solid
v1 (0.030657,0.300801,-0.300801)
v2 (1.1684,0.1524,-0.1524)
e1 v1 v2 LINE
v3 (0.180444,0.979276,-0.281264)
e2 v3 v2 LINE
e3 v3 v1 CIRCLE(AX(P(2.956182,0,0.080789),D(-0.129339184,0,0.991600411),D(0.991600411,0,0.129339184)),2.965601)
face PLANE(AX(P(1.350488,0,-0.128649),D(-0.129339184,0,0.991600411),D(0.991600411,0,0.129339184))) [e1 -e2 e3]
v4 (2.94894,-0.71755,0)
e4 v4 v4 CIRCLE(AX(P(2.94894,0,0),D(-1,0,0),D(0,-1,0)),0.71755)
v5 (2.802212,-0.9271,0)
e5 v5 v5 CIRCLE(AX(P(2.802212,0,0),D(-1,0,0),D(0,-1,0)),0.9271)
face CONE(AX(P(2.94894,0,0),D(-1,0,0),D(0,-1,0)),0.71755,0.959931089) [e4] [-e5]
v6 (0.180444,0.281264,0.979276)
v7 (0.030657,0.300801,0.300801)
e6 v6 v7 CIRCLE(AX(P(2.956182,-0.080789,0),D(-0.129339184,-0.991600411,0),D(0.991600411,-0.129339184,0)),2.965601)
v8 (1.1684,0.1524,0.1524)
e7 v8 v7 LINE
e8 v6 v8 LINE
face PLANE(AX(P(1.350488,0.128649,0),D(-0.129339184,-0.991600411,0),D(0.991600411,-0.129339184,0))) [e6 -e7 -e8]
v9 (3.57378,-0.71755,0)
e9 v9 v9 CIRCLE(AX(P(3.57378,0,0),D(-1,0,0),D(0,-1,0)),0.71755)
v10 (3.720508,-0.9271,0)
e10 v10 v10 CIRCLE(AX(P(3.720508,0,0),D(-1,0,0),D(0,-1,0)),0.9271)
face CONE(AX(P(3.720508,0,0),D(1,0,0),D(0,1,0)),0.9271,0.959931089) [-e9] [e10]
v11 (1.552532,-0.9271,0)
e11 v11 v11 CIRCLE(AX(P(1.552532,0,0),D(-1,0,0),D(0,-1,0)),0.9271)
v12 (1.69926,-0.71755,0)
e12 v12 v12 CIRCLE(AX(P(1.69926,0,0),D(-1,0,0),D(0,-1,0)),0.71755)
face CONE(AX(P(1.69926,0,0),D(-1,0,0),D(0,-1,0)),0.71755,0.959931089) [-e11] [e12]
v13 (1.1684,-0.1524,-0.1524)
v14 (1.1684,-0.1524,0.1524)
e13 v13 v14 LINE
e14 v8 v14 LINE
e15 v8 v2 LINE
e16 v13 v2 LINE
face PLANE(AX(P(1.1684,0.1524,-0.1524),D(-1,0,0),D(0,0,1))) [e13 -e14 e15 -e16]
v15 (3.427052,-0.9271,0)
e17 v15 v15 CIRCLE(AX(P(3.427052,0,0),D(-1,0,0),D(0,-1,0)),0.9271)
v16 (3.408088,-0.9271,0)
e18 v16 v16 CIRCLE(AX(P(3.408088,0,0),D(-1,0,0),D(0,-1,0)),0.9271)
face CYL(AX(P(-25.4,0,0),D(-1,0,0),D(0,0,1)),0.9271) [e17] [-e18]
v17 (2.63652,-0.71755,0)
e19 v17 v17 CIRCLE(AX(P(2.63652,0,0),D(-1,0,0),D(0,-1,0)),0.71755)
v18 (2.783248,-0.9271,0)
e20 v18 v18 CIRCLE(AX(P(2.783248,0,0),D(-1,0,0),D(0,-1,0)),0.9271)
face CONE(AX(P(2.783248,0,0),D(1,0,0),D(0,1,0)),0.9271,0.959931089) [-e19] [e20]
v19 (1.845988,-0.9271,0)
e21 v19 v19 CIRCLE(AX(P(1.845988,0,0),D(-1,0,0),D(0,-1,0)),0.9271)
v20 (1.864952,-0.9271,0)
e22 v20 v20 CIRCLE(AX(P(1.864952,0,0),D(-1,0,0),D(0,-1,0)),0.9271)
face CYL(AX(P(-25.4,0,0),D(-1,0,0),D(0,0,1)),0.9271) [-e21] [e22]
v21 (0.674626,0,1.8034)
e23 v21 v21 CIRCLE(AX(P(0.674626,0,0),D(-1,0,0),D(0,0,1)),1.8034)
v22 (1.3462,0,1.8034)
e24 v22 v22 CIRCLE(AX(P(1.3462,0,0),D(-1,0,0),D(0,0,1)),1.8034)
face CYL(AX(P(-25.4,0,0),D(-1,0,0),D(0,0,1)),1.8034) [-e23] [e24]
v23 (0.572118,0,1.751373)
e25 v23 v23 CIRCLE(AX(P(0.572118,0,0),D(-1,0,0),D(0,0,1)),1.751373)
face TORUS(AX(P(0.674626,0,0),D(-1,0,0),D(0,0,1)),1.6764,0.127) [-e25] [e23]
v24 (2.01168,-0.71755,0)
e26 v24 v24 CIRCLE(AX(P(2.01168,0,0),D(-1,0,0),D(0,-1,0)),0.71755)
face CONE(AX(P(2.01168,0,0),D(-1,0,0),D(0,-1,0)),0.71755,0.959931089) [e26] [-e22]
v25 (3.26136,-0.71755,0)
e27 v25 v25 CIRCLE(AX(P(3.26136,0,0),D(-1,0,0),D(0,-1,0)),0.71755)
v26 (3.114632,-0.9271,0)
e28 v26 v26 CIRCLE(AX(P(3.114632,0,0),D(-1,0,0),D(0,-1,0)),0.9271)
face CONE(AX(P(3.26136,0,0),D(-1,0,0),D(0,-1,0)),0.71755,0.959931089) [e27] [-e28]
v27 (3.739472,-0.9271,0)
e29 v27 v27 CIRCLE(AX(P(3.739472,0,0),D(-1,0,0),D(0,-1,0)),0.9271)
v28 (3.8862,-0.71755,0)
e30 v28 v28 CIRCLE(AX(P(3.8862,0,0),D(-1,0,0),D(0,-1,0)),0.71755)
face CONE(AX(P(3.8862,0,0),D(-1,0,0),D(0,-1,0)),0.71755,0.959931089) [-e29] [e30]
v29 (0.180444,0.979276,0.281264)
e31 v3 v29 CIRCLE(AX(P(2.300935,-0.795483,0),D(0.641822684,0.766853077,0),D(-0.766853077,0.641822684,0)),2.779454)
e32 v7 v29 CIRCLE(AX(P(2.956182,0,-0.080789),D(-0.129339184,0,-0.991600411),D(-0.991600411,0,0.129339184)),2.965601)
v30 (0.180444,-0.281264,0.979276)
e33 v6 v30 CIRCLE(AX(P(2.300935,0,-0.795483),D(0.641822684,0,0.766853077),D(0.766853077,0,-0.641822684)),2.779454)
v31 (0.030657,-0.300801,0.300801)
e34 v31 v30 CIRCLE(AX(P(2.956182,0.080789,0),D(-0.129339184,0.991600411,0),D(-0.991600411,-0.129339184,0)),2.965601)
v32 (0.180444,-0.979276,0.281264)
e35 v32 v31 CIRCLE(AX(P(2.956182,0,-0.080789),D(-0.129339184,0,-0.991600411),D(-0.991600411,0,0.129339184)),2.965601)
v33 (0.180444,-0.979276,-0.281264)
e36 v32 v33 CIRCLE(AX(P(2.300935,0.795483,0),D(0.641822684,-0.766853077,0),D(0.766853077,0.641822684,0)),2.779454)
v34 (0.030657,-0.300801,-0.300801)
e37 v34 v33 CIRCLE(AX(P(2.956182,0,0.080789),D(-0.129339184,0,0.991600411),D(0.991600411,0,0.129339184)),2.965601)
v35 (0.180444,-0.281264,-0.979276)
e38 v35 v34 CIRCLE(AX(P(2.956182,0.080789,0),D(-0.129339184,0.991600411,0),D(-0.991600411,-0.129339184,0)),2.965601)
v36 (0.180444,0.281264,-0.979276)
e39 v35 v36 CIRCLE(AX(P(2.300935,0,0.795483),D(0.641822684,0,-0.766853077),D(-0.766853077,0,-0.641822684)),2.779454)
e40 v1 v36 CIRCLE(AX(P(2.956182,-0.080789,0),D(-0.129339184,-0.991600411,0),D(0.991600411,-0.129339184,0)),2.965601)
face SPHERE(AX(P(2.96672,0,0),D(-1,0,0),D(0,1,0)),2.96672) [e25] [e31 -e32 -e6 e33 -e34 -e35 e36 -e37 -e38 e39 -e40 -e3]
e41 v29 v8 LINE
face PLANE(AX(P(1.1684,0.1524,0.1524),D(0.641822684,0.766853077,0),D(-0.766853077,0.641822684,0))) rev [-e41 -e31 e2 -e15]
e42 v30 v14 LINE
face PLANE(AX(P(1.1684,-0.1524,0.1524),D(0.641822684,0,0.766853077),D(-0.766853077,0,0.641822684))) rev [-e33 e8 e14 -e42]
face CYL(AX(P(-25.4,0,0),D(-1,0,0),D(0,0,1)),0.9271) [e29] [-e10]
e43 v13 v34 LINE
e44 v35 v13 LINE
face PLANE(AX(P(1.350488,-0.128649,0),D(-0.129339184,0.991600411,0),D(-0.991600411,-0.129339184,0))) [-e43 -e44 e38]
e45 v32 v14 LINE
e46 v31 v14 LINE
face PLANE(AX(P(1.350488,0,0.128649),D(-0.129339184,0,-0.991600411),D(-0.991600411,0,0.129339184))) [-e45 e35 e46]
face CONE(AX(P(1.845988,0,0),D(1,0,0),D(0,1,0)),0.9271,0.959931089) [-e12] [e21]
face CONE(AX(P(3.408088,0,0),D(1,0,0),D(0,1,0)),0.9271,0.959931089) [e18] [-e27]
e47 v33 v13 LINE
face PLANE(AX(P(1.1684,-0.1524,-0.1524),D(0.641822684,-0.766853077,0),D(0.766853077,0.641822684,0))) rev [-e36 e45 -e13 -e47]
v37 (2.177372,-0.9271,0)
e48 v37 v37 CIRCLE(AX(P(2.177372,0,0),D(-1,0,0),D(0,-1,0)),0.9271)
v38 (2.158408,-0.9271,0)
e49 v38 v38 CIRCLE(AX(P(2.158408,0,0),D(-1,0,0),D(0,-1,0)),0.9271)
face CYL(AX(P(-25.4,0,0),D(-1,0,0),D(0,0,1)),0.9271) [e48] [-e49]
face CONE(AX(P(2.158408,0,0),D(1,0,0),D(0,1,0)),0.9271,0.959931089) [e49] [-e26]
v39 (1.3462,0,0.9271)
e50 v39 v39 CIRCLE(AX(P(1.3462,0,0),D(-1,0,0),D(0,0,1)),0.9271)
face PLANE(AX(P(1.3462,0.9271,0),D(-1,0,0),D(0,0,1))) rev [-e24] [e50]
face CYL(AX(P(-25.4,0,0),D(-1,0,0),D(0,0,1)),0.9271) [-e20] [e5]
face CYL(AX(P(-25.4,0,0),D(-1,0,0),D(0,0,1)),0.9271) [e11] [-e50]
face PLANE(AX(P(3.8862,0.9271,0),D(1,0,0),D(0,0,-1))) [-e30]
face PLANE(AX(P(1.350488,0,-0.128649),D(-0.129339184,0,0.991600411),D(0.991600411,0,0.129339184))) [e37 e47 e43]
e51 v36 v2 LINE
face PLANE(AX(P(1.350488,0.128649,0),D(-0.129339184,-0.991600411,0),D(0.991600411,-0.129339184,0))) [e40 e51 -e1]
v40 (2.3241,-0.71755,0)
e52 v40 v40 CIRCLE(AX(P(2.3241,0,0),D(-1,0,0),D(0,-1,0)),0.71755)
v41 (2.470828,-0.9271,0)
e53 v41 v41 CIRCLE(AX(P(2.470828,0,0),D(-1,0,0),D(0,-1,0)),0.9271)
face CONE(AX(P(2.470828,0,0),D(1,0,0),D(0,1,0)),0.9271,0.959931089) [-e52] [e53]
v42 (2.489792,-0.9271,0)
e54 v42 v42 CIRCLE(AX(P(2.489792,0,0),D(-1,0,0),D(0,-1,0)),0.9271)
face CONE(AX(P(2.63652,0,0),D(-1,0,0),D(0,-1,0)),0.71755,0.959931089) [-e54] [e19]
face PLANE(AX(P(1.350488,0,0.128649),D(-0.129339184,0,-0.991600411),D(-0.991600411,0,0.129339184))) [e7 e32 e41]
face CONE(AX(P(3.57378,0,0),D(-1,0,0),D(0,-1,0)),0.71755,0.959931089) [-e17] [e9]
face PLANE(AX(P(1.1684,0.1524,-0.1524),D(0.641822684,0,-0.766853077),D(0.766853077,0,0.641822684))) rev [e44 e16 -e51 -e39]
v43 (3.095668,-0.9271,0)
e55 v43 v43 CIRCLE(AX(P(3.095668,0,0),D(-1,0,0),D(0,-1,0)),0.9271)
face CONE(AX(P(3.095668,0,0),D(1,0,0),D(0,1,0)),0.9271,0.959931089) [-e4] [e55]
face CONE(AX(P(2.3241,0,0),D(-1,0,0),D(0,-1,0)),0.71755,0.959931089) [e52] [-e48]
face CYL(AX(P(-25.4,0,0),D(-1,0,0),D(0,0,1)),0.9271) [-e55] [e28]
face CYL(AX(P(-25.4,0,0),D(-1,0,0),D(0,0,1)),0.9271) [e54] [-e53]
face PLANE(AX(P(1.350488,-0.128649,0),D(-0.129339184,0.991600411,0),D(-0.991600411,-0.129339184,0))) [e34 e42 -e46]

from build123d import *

# Parameters (mm, degrees)
CIRPATTERN1_COUNT = 2
CIRPATTERN1_ANGLE = 90
THDSCHPAT_COUNT   = 8
THDSCHPAT_PITCH   = 0.31242


with BuildPart() as part:
    # BodySke → Base-Revolve (revolve)
    with BuildSketch(Plane.XY, mode=Mode.PRIVATE) as base_revolve_sk:
        with BuildLine():
            Line((1.3462, 0.9271), (1.3462, 1.8034))
            Line((1.3462, 1.8034), (0.674626477, 1.8034))
            ThreePointArc((0.674626477, 1.8034), (0.617148621, 1.789648824), (0.572117822, 1.751373166))
            ThreePointArc((0.572117822, 1.751373166), (0.146654244, 0.921225647), (0, 0))
            Line((0, 0), (3.8862, 0))
            Line((3.8862, 0), (3.8862, 0.9271))
            Line((3.8862, 0.9271), (1.3462, 0.9271))
        make_face()
    revolve(base_revolve_sk.sketch.rotate(Axis((-25.4, 0, 0), (1, 0, 0)), 90), axis=Axis((-25.4, 0, 0), (1, 0, 0)))

    # Sketch3 → Cut-Loft1 section 0
    with BuildSketch(Plane(origin=(0, 0, 0), x_dir=(0, 0, -1), z_dir=(1, 0, 0))):
        with BuildLine():
            Line((0.3048, -1.1303), (-0.3048, -1.1303))
            Line((-0.3048, -1.1303), (-0.3048, 1.1303))
            Line((-0.3048, 1.1303), (0.3048, 1.1303))
            Line((0.3048, 1.1303), (0.3048, -1.1303))
        make_face()
    # Sketch4 → Cut-Loft1 section 1
    with BuildSketch(Plane(origin=(1.1684, 0, 0), x_dir=(0, 0, -1), z_dir=(1, 0, 0))):
        with BuildLine():
            Line((0.1524, -0.1524), (-0.1524, -0.1524))
            Line((-0.1524, -0.1524), (-0.1524, 0.1524))
            Line((-0.1524, 0.1524), (0.1524, 0.1524))
            Line((0.1524, 0.1524), (0.1524, -0.1524))
        make_face()
    cut_loft1 = loft(mode=Mode.SUBTRACT)

    # CirPattern1: Cut-Loft1 ×2 about axis
    cirpattern1_axis = Axis((0, 0, 0), (1, 0, 0))
    for i in range(1, CIRPATTERN1_COUNT):
        add(cut_loft1.rotate(cirpattern1_axis, i * CIRPATTERN1_ANGLE / (CIRPATTERN1_COUNT - 1)), mode=Mode.SUBTRACT)

    # ThdSchSke → ThreadSchematic (revolve, cut)
    with BuildSketch(Plane.XY, mode=Mode.PRIVATE) as threadschematic_sk:
        Polygon((1.69926, -0.71755), (1.55253151, -0.9271), (1.55253151, -1.158875), (1.84598849, -1.158875), (1.84598849, -0.9271), align=None)
    threadschematic = revolve(threadschematic_sk.sketch.rotate(Axis((-3.175, 0, 0), (1, 0, 0)), 270), axis=Axis((-3.175, 0, 0), (1, 0, 0)), mode=Mode.SUBTRACT)

    # ThdSchPat: ThreadSchematic ×8
    with Locations(*[(i * THDSCHPAT_PITCH, 0, 0) for i in range(1, THDSCHPAT_COUNT)]):
        add(threadschematic, mode=Mode.SUBTRACT)


solid = part.part
